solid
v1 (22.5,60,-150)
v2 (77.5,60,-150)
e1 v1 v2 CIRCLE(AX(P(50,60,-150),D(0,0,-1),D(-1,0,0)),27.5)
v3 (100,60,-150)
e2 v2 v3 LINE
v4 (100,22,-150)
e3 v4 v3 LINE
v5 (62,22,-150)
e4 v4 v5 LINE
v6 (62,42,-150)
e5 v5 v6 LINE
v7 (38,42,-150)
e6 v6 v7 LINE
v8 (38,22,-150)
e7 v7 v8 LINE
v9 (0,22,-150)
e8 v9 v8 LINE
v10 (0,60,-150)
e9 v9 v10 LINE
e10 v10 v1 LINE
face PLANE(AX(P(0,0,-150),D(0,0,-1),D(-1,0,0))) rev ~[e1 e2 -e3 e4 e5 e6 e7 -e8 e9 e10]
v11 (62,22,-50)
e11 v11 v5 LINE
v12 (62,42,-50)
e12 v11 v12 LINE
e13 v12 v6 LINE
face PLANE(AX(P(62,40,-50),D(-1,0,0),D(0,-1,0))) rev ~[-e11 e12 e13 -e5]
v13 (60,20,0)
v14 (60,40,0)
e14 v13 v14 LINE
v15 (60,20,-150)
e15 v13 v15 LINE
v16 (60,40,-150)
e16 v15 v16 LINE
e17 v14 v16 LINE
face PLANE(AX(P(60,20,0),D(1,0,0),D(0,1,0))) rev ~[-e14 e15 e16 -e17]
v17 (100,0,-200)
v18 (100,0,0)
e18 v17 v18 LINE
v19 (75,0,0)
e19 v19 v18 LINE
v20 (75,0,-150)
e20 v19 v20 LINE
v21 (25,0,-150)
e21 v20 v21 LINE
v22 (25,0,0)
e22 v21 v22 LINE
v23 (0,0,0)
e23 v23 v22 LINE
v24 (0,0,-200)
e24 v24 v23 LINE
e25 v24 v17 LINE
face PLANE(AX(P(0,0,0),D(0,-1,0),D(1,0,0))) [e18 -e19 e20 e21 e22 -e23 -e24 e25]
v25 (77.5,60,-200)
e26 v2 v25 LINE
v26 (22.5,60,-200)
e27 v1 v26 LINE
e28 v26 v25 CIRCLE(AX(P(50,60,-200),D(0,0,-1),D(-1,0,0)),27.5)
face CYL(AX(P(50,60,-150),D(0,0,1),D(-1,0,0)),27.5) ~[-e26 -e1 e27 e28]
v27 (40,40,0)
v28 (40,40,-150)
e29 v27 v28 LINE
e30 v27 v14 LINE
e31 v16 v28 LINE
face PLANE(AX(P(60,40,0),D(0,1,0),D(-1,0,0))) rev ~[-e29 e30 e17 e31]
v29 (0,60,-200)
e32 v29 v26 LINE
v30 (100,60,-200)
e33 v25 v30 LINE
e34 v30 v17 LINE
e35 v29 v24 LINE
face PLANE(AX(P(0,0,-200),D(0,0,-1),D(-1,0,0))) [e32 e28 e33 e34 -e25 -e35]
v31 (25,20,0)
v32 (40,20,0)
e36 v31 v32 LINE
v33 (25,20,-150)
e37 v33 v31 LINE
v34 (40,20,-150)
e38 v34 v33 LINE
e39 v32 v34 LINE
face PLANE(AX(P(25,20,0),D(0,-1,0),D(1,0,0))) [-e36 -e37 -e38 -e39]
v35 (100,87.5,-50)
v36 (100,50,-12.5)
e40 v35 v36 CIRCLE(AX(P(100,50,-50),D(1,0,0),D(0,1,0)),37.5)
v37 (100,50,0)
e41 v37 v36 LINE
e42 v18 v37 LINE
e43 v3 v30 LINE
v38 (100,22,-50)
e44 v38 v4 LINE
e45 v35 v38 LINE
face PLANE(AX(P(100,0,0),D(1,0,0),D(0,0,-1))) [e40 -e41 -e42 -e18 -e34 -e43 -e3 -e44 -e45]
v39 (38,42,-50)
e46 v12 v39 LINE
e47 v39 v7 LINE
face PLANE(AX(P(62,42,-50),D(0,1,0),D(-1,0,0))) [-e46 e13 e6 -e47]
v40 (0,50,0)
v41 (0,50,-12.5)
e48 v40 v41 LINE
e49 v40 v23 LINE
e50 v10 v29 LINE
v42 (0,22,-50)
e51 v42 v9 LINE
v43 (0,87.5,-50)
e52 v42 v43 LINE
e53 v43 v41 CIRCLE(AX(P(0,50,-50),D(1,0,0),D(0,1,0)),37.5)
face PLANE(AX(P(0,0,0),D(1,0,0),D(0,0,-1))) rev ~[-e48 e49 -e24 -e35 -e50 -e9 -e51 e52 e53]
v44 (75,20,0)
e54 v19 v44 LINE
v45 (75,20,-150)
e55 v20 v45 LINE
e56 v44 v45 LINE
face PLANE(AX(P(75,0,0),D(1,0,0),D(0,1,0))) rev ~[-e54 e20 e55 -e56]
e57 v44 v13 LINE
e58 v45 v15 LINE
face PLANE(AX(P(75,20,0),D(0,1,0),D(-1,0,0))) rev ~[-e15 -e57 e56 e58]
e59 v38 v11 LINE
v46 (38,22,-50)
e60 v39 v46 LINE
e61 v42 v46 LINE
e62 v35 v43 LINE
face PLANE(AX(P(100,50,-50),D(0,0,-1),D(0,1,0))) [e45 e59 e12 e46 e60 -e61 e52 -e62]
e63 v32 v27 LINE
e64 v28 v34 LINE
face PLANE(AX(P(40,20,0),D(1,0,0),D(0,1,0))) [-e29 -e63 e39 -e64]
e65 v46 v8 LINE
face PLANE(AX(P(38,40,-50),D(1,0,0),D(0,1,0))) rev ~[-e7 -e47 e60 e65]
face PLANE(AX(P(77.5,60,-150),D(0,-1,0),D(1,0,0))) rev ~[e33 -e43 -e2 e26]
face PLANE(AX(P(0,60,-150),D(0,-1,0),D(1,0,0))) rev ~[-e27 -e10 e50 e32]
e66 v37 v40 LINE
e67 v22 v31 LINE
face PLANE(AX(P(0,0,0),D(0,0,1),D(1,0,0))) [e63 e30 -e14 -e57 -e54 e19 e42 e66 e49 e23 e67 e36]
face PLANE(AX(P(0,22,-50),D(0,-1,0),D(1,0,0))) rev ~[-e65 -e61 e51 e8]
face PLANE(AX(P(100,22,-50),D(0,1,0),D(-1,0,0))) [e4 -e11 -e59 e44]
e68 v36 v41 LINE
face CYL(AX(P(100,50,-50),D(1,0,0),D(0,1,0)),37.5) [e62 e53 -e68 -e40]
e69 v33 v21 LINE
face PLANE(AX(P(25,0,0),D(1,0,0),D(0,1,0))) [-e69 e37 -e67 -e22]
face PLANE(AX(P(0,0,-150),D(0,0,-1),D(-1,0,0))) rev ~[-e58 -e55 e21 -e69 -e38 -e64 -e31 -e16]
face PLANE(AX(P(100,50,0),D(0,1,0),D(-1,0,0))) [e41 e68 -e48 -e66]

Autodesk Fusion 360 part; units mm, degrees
sketch "Sketch1" plane through (0, 0, 0) normal (0, 0, 1) x (1, 0, 0)
  line L0 (0, 0) -> (100, 0)
  line L1 (100, 0) -> (100, 50)
  line L2 (100, 50) -> (0, 50)
  line L3 (0, 50) -> (0, 0)
  line L4 (0, 0) -> (25, 0)
  line L5 (25, 0) -> (25, 20)
  line L6 (25, 20) -> (40, 20)
  line L7 (40, 20) -> (40, 40)
  line L8 (40, 40) -> (50, 40)
  line L9 (0, 50) -> (100, 50)
  line L10 (75, 20) -> (60, 20)
  line L11 (60, 20) -> (60, 40)
  line L12 (60, 40) -> (50, 40)
  line L13 (75, 0) -> (75, 20)
  dimension "d1" = 100
  dimension "d2" = 50
  dimension "d3" = 25
  dimension "d4" = 20
  dimension "d5" = 90
  dimension "d6" = 15
  dimension "d7" = 20
extrude "Extrude1" add sketch "Sketch1" against normal blind 50 contours L0 L1 L2 L3 L4 L5 L6 L7 L8 L9 L10 L11 L12 L13
sketch "Sketch2" plane through (0, 0, -50) normal (0, 0, -1) x (-1, 0, 0)
  line L0 (-100, 50) -> (-100, 0)
  line L1 (-100, 0) -> (-75, 0)
  line L2 (-75, 0) -> (-75, 20)
  line L3 (-75, 20) -> (-60, 20)
  line L4 (-60, 20) -> (-60, 40)
  line L5 (-60, 40) -> (-40, 40)
  line L6 (-40, 40) -> (-40, 20)
  line L7 (-40, 20) -> (-25, 20)
  line L8 (-25, 20) -> (-25, 0)
  line L9 (-25, 0) -> (0, 0)
  line L10 (0, 0) -> (0, 50)
  line L11 (0, 50) -> (-100, 50)
  line L12 (-75, 20) -> (-25, 20)
  line L13 (0, 0) -> (-100, 0)
  line L14 (-100, 20) -> (-100, 0)
  line L15 (0, 20) -> (0, 0)
  line L16 (-100, 20) -> (-100, 22)
  line L17 (-100, 22) -> (-62, 22)
  line L18 (-62, 40) -> (-62, 22)
  line L19 (-62, 40) -> (-62, 42)
  line L20 (-62, 42) -> (-40, 42)
  line L21 (-50, 20) -> (-50, 22)
  line L22 (-38, 40) -> (-38, 22)
  line L23 (-38, 42) -> (-60, 42)
  line L24 (-38, 40) -> (-38, 42)
  line L25 (0, 22) -> (-38, 22)
  dimension "d10" = 2
  dimension "d11" = 2
  dimension "d12" = 2
extrude "Extrude2" add sketch "Sketch2" along normal blind 100 contours L0 L1 L2 L3 L4 L5 L6 L7 L8 L9 L10 L12 L13 L14 L15 L16 L17 L18 L19 L20 L22 L23 L24 L25
sketch "Sketch3" plane through (0, 0, -150) normal (0, 0, -1) x (-1, 0, 0)
  line L0 (0, 0) -> (0, 22)
  line L1 (0, 22) -> (-38, 22)
  line L2 (-38, 22) -> (-38, 42)
  line L3 (-38, 42) -> (-62, 42)
  line L4 (-62, 42) -> (-62, 22)
  line L5 (-62, 22) -> (-100, 22)
  line L6 (-100, 22) -> (-100, 0)
  line L7 (-100, 0) -> (-75, 0)
  line L8 (-75, 0) -> (-75, 20)
  line L9 (-75, 20) -> (-60, 20)
  line L10 (-60, 20) -> (-60, 40)
  line L11 (-60, 40) -> (-40, 40)
  line L12 (-40, 40) -> (-40, 20)
  line L13 (-40, 20) -> (-25, 20)
  line L14 (-25, 20) -> (-25, 0)
  line L15 (-25, 0) -> (0, 0)
  line L16 (-100, 0) -> (0, 0)
  line L17 (0, 0) -> (0, 60)
  line L18 (-100, 60) -> (-100, 0)
  arc A0 (-22.5, 60) -> (-77.5, 60) centre (-50, 60) ccw
  line L19 (0, 60) -> (-22.5, 60)
  line L20 (-77.5, 60) -> (-100, 60)
  dimension "d15" = 60
extrude "Extrude3" add sketch "Sketch3" along normal blind 50
sketch "Sketch4" plane through (100, 0, 0) normal (1, 0, 0) x (0, 0, -1)
  line L0 (0, 50) -> (0, 0)
  line L1 (0, 0) -> (200, 0)
  line L2 (200, 0) -> (200, 60)
  line L3 (200, 60) -> (150, 60)
  line L4 (150, 60) -> (150, 22)
  line L5 (150, 22) -> (50, 22)
  line L6 (50, 22) -> (50, 50)
  line L7 (50, 50) -> (0, 50)
  line L8 (50, 50) -> (50, 87.5)
  line L9 (12.5, 50) -> (50, 50)
  arc A0 (50, 87.5) -> (12.5, 50) centre (50, 50) ccw
  dimension "d19" = 75
extrude "Extrude4" add sketch "Sketch4" against normal blind 100 contours L7 L8 L9 A0
